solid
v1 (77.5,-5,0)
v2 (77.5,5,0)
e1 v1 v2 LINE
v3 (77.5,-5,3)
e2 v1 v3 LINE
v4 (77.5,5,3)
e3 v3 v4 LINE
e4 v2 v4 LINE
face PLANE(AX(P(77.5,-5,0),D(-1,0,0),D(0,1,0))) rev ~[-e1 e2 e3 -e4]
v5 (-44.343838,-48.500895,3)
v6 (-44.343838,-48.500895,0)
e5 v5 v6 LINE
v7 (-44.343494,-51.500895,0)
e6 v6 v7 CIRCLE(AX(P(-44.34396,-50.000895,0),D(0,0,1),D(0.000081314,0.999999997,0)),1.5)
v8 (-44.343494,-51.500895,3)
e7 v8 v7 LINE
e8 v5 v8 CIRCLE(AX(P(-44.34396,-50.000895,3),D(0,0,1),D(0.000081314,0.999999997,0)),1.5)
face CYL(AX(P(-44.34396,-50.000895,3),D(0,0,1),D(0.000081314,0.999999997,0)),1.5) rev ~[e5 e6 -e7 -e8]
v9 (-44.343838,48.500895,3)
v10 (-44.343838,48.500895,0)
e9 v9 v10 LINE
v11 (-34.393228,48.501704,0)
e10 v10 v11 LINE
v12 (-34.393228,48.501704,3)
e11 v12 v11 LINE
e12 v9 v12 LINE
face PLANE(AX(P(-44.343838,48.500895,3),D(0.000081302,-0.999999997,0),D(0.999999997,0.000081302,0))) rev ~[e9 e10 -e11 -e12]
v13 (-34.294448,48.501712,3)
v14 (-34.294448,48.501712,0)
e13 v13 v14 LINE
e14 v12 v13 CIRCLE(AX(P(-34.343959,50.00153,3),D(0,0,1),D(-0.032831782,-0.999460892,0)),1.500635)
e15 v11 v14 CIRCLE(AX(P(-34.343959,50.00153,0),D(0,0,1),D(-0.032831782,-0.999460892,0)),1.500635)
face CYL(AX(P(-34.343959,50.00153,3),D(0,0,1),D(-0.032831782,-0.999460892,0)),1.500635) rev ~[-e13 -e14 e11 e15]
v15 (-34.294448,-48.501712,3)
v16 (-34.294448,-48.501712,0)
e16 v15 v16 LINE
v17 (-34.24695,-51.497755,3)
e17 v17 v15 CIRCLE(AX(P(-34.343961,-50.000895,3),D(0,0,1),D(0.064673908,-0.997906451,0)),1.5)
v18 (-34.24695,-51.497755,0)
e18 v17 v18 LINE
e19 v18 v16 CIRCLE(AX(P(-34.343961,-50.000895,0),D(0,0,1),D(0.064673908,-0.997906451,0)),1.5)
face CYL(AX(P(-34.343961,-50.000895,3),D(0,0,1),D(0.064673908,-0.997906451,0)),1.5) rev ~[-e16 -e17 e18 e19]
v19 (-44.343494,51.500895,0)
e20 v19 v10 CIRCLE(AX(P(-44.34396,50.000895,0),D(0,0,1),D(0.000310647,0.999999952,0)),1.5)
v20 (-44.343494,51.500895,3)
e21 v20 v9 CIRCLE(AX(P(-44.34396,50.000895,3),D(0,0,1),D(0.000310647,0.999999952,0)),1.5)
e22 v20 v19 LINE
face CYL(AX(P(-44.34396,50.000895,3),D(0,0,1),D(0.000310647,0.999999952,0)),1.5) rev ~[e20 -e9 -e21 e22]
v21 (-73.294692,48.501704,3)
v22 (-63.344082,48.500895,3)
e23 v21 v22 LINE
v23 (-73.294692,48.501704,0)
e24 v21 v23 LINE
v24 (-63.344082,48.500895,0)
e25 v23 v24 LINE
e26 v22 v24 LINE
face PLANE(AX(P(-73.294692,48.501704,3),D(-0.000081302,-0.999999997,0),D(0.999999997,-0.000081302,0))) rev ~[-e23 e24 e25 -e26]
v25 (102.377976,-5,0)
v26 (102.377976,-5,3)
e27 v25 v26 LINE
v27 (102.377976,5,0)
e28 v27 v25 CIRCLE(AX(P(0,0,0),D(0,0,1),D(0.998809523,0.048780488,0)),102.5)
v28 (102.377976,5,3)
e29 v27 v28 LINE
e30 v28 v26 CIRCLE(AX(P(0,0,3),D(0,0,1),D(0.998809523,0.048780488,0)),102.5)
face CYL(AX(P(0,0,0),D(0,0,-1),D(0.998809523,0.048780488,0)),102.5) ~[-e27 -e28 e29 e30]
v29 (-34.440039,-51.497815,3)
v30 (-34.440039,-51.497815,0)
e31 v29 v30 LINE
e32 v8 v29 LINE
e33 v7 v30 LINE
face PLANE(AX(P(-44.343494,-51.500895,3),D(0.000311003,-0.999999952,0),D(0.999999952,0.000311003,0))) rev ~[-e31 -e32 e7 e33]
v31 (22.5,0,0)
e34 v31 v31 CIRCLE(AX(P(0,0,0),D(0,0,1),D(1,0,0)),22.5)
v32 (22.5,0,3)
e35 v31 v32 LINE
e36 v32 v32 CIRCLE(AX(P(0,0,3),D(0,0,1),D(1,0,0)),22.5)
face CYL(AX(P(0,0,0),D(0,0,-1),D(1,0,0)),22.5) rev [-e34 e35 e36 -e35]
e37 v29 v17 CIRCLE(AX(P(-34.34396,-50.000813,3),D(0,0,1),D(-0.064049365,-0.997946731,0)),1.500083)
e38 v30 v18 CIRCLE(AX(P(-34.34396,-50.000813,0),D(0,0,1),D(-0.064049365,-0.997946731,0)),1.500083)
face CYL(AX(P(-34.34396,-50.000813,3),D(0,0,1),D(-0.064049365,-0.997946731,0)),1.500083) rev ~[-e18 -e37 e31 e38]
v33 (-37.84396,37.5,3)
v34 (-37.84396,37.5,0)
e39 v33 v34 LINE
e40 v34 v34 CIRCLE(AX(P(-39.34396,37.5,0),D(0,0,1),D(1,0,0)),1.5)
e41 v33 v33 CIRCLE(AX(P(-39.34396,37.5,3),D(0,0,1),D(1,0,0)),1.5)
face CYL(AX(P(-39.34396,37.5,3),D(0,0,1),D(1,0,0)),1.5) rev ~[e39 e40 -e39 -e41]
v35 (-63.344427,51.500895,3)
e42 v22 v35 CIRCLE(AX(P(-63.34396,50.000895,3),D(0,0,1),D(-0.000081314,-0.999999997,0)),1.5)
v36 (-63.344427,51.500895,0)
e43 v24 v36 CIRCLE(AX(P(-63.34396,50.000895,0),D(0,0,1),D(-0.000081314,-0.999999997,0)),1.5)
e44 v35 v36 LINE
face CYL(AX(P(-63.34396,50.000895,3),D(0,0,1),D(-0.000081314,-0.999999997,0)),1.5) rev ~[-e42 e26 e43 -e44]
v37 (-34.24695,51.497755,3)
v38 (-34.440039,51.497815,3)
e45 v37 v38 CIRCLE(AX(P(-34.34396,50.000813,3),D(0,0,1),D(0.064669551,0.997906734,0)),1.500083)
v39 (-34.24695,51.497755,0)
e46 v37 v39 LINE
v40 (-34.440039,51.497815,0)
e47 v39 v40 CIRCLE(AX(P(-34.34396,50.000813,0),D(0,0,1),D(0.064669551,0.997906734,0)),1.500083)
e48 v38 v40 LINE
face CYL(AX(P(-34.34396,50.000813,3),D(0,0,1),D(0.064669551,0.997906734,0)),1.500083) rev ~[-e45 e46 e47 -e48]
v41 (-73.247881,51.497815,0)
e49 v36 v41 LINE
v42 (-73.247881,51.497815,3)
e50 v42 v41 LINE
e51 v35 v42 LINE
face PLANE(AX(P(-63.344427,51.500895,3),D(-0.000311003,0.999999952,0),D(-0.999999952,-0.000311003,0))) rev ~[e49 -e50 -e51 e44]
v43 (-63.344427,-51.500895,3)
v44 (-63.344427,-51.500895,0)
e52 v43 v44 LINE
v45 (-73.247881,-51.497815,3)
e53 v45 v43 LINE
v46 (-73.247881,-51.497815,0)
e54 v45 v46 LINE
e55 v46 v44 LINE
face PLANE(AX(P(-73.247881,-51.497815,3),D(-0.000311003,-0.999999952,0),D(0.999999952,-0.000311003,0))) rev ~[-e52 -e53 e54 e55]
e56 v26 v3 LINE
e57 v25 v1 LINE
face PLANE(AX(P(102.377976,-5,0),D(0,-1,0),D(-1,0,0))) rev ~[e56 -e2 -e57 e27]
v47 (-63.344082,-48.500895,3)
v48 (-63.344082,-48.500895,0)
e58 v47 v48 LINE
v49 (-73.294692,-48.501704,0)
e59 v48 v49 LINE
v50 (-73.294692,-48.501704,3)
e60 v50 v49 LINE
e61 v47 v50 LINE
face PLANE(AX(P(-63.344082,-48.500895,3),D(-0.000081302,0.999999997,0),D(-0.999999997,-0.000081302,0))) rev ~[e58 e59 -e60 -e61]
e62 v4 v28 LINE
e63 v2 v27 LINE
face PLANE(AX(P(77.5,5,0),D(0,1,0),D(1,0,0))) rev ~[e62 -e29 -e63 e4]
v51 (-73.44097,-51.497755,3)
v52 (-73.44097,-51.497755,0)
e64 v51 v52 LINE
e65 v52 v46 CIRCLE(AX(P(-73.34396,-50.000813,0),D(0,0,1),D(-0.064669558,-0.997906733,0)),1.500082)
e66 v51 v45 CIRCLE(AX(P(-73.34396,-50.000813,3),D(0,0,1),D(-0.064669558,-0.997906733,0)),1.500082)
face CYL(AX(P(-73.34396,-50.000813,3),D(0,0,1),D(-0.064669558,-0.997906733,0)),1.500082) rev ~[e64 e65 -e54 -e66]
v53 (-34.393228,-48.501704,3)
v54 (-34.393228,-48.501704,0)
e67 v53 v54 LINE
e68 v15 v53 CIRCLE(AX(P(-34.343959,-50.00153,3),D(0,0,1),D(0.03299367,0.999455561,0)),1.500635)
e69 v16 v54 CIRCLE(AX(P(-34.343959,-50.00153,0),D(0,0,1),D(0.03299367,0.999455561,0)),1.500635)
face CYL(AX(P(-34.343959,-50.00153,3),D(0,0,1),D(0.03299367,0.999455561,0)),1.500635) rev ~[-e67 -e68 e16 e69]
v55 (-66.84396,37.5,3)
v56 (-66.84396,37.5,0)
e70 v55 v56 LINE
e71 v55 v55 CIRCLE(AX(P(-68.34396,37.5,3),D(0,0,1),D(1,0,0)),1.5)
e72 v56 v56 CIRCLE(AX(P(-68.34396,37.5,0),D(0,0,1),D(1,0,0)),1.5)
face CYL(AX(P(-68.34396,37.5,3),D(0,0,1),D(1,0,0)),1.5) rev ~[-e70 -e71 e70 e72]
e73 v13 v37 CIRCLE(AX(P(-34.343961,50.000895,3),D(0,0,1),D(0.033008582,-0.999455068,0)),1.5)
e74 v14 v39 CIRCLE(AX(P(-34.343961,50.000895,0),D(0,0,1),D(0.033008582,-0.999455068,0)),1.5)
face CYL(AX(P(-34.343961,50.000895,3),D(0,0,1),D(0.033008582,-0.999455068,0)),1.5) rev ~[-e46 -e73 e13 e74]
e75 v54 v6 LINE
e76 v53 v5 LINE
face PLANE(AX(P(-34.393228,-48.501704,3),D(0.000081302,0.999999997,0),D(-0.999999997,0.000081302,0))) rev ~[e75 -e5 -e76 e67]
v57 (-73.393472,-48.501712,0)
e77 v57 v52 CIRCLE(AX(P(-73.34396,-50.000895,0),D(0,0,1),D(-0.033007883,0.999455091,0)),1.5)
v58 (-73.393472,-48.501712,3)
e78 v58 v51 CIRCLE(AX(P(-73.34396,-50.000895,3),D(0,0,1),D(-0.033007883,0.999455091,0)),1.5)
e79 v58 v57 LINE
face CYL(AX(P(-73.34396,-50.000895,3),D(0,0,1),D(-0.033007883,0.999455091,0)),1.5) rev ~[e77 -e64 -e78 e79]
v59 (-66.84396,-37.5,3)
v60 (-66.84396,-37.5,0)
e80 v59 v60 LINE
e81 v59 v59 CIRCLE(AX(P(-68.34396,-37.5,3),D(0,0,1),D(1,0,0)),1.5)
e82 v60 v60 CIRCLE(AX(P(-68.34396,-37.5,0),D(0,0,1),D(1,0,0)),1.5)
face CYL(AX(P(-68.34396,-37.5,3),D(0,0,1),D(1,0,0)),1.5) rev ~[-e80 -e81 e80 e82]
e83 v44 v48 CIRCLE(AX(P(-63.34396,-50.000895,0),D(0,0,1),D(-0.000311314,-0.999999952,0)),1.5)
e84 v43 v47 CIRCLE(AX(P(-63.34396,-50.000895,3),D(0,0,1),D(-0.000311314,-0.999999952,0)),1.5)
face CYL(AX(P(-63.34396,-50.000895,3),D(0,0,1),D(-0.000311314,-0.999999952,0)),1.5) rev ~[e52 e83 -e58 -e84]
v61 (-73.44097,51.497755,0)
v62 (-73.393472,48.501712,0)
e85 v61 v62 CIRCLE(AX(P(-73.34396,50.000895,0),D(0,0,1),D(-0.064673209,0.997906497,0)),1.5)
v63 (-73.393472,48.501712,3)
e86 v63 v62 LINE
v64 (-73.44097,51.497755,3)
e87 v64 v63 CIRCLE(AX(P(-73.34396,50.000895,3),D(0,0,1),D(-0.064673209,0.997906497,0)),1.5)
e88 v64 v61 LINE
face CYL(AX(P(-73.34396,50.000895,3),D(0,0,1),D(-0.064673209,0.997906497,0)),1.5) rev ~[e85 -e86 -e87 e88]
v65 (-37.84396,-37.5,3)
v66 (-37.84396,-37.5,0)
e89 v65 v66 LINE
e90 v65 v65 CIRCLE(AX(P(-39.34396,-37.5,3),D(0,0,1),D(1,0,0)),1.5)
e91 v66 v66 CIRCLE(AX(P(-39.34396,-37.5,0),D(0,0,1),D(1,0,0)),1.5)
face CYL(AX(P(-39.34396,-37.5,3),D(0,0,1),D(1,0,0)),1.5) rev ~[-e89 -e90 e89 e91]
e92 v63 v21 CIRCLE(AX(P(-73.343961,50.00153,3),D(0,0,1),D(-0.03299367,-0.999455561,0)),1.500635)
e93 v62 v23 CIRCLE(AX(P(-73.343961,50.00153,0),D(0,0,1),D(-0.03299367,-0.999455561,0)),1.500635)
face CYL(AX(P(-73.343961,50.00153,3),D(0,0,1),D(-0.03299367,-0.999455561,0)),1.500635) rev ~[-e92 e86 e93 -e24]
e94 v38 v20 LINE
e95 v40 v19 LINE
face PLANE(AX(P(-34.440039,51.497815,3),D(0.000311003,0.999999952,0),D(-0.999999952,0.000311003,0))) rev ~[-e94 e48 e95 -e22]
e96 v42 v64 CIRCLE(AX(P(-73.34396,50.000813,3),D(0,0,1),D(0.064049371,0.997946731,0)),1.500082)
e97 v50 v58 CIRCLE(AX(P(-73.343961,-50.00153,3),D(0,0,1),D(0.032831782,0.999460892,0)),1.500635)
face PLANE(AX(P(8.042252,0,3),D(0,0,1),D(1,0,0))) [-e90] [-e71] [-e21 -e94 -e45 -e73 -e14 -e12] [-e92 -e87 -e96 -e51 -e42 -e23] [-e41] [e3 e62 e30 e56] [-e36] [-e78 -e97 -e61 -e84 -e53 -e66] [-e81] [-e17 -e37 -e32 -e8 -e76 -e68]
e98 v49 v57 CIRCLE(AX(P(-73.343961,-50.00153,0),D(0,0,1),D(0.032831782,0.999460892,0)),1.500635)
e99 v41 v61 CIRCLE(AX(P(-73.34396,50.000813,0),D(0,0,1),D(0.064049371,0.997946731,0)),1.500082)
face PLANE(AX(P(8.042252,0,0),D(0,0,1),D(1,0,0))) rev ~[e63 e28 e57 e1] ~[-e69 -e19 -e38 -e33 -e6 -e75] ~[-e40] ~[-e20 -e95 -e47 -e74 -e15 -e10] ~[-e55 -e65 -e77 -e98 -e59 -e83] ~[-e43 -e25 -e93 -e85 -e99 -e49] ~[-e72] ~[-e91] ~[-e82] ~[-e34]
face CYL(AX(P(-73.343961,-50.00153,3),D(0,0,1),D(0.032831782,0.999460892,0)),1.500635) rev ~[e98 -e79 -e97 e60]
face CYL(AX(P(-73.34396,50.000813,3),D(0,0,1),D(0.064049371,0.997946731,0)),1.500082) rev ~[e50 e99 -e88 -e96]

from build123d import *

# Parameters (mm, degrees)
F0_R     = 22.5
F1_DEPTH = 3
F2_R     = 1.5
F3_DEPTH = 25


with BuildPart() as f1:
    # F0 (on Top) → F1 (new body)
    with BuildSketch(Plane.XY):
        with BuildLine():
            Line((77.5, 5), (102.377976, 5))
            ThreePointArc((102.377976, 5), (-102.5, 0), (102.377976, -5))
            Line((102.377976, -5), (77.5, -5))
            Line((77.5, -5), (77.5, 5))
        make_face()
        Circle(F0_R, mode=Mode.SUBTRACT)
    extrude(amount=F1_DEPTH)

    # F2 (on face) → F3 (cut)
    with BuildSketch(Plane.XY.offset(3)):
        with Locations((-68.34396, 37.5)):
            Circle(F2_R)
        with Locations((-39.34396, 37.5)):
            Circle(F2_R)
        with Locations((-39.34396, -37.5)):
            Circle(F2_R)
        with Locations((-68.34396, -37.5)):
            Circle(F2_R)
        with BuildLine():
            Line((-73.44097, 51.497755), (-73.247881, 51.497815))
            ThreePointArc((-73.247881, 51.497815), (-73.344427, 51.500895), (-73.44097, 51.497755))
        make_face()
        with BuildLine():
            Line((-63.344427, 51.500895), (-73.247881, 51.497815))
            Line((-73.247881, 51.497815), (-73.44097, 51.497755))
            ThreePointArc((-73.44097, 51.497755), (-74.843772, 49.977117), (-73.393472, 48.501712))
            Line((-73.393472, 48.501712), (-73.294692, 48.501704))
            Line((-73.294692, 48.501704), (-63.344082, 48.500895))
            ThreePointArc((-63.344082, 48.500895), (-61.84396, 50.001067), (-63.344427, 51.500895))
        make_face()
        with BuildLine():
            Line((-73.294692, 48.501704), (-73.393472, 48.501712))
            ThreePointArc((-73.393472, 48.501712), (-73.344082, 48.500895), (-73.294692, 48.501704))
        make_face()
        with BuildLine():
            ThreePointArc((-34.294448, 48.501712), (-32.844149, 49.977117), (-34.24695, 51.497755))
            Line((-34.24695, 51.497755), (-34.440039, 51.497815))
            Line((-34.440039, 51.497815), (-44.343494, 51.500895))
            ThreePointArc((-44.343494, 51.500895), (-45.84396, 50.001067), (-44.343838, 48.500895))
            Line((-44.343838, 48.500895), (-34.393228, 48.501704))
            Line((-34.393228, 48.501704), (-34.294448, 48.501712))
        make_face()
        with BuildLine():
            Line((-34.440039, 51.497815), (-34.24695, 51.497755))
            ThreePointArc((-34.24695, 51.497755), (-34.343494, 51.500895), (-34.440039, 51.497815))
        make_face()
        with BuildLine():
            ThreePointArc((-34.393228, 48.501704), (-34.343838, 48.500895), (-34.294448, 48.501712))
            Line((-34.294448, 48.501712), (-34.393228, 48.501704))
        make_face()
        with BuildLine():
            ThreePointArc((-34.440039, -51.497815), (-34.343494, -51.500895), (-34.24695, -51.497755))
            Line((-34.24695, -51.497755), (-34.440039, -51.497815))
        make_face()
        with BuildLine():
            Line((-34.440039, -51.497815), (-34.24695, -51.497755))
            ThreePointArc((-34.24695, -51.497755), (-32.844149, -49.977117), (-34.294448, -48.501712))
            Line((-34.294448, -48.501712), (-34.393228, -48.501704))
            Line((-34.393228, -48.501704), (-44.343838, -48.500895))
            ThreePointArc((-44.343838, -48.500895), (-45.84396, -50.001067), (-44.343494, -51.500895))
            Line((-44.343494, -51.500895), (-34.440039, -51.497815))
        make_face()
        with BuildLine():
            Line((-34.393228, -48.501704), (-34.294448, -48.501712))
            ThreePointArc((-34.294448, -48.501712), (-34.343838, -48.500895), (-34.393228, -48.501704))
        make_face()
        with BuildLine():
            ThreePointArc((-73.44097, -51.497755), (-73.344427, -51.500895), (-73.247881, -51.497815))
            Line((-73.247881, -51.497815), (-73.44097, -51.497755))
        make_face()
        with BuildLine():
            Line((-73.44097, -51.497755), (-73.247881, -51.497815))
            Line((-73.247881, -51.497815), (-63.344427, -51.500895))
            ThreePointArc((-63.344427, -51.500895), (-61.84396, -50.001067), (-63.344082, -48.500895))
            Line((-63.344082, -48.500895), (-73.294692, -48.501704))
            Line((-73.294692, -48.501704), (-73.393472, -48.501712))
            ThreePointArc((-73.393472, -48.501712), (-74.843772, -49.977117), (-73.44097, -51.497755))
        make_face()
        with BuildLine():
            ThreePointArc((-73.294692, -48.501704), (-73.344082, -48.500895), (-73.393472, -48.501712))
            Line((-73.393472, -48.501712), (-73.294692, -48.501704))
        make_face()
    extrude(amount=-F3_DEPTH, mode=Mode.SUBTRACT)


solid = f1.part
